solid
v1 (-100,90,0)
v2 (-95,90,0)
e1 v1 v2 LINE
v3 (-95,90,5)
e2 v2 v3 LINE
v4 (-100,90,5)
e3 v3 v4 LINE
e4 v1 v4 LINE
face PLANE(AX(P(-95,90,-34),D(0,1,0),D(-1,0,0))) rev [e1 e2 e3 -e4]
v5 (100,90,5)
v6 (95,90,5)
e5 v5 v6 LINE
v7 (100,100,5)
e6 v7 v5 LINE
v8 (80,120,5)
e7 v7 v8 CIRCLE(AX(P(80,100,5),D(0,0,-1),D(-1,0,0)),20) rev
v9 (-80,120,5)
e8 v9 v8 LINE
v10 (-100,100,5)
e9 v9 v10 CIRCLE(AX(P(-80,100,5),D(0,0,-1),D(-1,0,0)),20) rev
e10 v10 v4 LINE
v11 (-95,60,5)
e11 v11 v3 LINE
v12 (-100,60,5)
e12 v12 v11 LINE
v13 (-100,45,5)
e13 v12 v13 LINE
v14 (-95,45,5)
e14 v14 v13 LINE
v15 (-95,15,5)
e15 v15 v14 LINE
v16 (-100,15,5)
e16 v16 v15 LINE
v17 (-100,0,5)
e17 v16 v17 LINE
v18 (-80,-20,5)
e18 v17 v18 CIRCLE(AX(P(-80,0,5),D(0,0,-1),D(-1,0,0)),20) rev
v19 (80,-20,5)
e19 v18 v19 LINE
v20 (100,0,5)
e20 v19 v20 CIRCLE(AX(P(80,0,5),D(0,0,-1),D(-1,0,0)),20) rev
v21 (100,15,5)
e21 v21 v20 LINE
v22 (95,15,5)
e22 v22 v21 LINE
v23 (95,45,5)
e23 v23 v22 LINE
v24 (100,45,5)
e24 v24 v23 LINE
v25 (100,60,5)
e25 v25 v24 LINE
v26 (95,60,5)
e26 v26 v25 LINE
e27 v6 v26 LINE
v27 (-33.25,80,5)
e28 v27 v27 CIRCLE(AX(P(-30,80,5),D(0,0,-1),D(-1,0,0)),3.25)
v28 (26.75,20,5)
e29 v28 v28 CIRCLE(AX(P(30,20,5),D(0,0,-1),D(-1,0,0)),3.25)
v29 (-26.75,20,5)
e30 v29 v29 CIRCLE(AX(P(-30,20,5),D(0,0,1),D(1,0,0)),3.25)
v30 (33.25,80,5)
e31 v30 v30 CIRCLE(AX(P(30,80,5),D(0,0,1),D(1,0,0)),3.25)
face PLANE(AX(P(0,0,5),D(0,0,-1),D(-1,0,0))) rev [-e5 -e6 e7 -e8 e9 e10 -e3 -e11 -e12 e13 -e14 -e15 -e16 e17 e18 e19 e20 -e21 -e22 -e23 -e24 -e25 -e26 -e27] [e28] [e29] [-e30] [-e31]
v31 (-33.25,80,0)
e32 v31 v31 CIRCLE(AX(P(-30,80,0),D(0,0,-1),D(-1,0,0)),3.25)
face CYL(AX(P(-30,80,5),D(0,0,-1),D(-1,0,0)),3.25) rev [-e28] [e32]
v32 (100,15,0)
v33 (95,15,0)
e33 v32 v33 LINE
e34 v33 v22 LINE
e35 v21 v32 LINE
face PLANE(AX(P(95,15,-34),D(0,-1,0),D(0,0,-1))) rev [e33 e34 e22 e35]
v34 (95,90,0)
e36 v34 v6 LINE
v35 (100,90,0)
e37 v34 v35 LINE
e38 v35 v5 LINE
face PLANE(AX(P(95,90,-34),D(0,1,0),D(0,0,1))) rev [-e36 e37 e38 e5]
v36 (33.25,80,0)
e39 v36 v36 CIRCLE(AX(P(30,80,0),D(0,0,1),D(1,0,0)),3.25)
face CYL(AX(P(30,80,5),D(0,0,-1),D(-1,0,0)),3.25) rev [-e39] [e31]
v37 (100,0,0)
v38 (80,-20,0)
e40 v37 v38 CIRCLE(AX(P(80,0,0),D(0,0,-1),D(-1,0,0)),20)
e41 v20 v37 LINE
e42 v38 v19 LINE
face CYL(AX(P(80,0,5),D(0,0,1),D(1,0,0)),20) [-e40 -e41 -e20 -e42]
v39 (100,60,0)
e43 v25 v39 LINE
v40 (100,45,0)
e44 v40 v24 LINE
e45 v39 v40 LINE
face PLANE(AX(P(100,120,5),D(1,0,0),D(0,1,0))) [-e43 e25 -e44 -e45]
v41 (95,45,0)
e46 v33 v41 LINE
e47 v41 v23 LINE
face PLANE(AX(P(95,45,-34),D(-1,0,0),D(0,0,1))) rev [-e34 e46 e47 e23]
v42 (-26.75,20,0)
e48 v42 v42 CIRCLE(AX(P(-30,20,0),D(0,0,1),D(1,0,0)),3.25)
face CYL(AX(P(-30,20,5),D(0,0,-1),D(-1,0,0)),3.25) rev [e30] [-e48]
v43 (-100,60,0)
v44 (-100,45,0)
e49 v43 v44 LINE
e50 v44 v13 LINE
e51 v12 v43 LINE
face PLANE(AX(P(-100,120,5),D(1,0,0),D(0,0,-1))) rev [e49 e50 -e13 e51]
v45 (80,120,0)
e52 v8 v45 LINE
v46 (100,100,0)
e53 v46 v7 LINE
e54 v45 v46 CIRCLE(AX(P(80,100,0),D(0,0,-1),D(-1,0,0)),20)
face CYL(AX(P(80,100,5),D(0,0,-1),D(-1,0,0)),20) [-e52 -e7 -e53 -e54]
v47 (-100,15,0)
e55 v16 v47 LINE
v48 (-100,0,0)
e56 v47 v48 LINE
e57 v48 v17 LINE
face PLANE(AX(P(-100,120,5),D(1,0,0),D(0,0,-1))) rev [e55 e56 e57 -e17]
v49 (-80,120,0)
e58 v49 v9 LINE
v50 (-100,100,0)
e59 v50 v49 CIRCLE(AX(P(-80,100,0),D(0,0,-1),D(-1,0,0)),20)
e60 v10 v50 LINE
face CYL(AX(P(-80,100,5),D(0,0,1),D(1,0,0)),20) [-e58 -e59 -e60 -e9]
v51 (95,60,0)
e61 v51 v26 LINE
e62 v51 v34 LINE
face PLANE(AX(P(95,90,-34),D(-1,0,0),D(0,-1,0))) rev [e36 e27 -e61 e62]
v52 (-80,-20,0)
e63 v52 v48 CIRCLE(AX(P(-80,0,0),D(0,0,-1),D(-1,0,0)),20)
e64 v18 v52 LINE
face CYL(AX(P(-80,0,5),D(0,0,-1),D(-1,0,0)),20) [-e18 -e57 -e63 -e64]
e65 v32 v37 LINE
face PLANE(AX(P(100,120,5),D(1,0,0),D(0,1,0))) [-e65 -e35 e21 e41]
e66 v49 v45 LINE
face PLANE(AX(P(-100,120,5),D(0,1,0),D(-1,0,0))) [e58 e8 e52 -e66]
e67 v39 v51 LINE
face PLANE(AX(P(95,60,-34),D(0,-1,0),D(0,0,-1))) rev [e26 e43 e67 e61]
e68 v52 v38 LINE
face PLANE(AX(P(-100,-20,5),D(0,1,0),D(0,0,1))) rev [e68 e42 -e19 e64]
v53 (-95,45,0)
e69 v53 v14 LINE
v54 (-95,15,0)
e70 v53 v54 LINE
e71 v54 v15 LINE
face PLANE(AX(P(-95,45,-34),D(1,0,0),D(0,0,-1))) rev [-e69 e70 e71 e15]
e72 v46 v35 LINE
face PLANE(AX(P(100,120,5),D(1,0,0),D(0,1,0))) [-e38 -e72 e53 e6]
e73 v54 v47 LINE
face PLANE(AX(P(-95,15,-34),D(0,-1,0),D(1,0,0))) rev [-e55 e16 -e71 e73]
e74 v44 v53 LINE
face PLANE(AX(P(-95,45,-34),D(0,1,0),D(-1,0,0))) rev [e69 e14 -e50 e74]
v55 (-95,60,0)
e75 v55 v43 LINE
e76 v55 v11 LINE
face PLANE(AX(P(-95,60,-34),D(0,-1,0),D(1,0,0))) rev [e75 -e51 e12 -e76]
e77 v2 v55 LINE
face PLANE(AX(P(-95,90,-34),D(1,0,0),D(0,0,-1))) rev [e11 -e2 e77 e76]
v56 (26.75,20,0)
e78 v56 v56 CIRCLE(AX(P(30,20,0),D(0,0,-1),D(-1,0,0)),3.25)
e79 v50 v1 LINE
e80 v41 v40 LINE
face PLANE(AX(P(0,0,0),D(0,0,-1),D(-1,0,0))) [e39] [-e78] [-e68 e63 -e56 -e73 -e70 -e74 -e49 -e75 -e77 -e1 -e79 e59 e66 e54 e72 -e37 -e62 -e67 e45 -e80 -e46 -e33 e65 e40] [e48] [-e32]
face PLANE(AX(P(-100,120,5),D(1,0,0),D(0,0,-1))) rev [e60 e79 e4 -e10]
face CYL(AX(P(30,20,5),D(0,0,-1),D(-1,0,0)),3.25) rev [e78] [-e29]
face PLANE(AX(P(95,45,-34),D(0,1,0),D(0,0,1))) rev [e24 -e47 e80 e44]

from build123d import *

# Parameters (mm, degrees)
SKETCH_1_W          = 200
SKETCH_1_H          = 140
SKETCH_1_R          = 3.25
EXTRUDE_1_DEPTH     = 5
FILLET_1_R          = 20
SKETCH_3_W          = 5
SKETCH_3_H          = 30
CUT_EXTRUDE_1_DEPTH = 39


with BuildPart() as part:
    # 草图1 → 凸台-拉伸1 (new body)
    with BuildSketch(Plane.XY):
        with Locations((0, 50)):
            Rectangle(SKETCH_1_W, SKETCH_1_H)
        with Locations((30, 80)):
            Circle(SKETCH_1_R, mode=Mode.SUBTRACT)
        with Locations(Location((30, 20, 0), (0, 0, 180))):
            Circle(SKETCH_1_R, mode=Mode.SUBTRACT)
        with Locations(Location((-30, 80, 0), (0, 0, 180))):
            Circle(SKETCH_1_R, mode=Mode.SUBTRACT)
        with Locations((-30, 20)):
            Circle(SKETCH_1_R, mode=Mode.SUBTRACT)
    extrude(amount=EXTRUDE_1_DEPTH)

    # 圆角1
    fillet_1_edges = [part.edges().sort_by_distance(p)[0] for p in [
        (-100, 120, 2.5),
        (-100, -20, 2.5),
        (100, -20, 2.5),
        (100, 120, 2.5),
    ]]
    fillet(fillet_1_edges, radius=FILLET_1_R)

    # 草图3 → 切除-拉伸1 (cut)
    with BuildSketch(Plane.XY.offset(5)):
        with Locations((97.5, 75)):
            Rectangle(SKETCH_3_W, SKETCH_3_H)
        with Locations((97.5, 30)):
            Rectangle(SKETCH_3_W, SKETCH_3_H)
        with Locations((-97.5, 30)):
            Rectangle(SKETCH_3_W, SKETCH_3_H)
        with Locations((-97.5, 75)):
            Rectangle(SKETCH_3_W, SKETCH_3_H)
    extrude(amount=-CUT_EXTRUDE_1_DEPTH, mode=Mode.SUBTRACT)


solid = part.part
